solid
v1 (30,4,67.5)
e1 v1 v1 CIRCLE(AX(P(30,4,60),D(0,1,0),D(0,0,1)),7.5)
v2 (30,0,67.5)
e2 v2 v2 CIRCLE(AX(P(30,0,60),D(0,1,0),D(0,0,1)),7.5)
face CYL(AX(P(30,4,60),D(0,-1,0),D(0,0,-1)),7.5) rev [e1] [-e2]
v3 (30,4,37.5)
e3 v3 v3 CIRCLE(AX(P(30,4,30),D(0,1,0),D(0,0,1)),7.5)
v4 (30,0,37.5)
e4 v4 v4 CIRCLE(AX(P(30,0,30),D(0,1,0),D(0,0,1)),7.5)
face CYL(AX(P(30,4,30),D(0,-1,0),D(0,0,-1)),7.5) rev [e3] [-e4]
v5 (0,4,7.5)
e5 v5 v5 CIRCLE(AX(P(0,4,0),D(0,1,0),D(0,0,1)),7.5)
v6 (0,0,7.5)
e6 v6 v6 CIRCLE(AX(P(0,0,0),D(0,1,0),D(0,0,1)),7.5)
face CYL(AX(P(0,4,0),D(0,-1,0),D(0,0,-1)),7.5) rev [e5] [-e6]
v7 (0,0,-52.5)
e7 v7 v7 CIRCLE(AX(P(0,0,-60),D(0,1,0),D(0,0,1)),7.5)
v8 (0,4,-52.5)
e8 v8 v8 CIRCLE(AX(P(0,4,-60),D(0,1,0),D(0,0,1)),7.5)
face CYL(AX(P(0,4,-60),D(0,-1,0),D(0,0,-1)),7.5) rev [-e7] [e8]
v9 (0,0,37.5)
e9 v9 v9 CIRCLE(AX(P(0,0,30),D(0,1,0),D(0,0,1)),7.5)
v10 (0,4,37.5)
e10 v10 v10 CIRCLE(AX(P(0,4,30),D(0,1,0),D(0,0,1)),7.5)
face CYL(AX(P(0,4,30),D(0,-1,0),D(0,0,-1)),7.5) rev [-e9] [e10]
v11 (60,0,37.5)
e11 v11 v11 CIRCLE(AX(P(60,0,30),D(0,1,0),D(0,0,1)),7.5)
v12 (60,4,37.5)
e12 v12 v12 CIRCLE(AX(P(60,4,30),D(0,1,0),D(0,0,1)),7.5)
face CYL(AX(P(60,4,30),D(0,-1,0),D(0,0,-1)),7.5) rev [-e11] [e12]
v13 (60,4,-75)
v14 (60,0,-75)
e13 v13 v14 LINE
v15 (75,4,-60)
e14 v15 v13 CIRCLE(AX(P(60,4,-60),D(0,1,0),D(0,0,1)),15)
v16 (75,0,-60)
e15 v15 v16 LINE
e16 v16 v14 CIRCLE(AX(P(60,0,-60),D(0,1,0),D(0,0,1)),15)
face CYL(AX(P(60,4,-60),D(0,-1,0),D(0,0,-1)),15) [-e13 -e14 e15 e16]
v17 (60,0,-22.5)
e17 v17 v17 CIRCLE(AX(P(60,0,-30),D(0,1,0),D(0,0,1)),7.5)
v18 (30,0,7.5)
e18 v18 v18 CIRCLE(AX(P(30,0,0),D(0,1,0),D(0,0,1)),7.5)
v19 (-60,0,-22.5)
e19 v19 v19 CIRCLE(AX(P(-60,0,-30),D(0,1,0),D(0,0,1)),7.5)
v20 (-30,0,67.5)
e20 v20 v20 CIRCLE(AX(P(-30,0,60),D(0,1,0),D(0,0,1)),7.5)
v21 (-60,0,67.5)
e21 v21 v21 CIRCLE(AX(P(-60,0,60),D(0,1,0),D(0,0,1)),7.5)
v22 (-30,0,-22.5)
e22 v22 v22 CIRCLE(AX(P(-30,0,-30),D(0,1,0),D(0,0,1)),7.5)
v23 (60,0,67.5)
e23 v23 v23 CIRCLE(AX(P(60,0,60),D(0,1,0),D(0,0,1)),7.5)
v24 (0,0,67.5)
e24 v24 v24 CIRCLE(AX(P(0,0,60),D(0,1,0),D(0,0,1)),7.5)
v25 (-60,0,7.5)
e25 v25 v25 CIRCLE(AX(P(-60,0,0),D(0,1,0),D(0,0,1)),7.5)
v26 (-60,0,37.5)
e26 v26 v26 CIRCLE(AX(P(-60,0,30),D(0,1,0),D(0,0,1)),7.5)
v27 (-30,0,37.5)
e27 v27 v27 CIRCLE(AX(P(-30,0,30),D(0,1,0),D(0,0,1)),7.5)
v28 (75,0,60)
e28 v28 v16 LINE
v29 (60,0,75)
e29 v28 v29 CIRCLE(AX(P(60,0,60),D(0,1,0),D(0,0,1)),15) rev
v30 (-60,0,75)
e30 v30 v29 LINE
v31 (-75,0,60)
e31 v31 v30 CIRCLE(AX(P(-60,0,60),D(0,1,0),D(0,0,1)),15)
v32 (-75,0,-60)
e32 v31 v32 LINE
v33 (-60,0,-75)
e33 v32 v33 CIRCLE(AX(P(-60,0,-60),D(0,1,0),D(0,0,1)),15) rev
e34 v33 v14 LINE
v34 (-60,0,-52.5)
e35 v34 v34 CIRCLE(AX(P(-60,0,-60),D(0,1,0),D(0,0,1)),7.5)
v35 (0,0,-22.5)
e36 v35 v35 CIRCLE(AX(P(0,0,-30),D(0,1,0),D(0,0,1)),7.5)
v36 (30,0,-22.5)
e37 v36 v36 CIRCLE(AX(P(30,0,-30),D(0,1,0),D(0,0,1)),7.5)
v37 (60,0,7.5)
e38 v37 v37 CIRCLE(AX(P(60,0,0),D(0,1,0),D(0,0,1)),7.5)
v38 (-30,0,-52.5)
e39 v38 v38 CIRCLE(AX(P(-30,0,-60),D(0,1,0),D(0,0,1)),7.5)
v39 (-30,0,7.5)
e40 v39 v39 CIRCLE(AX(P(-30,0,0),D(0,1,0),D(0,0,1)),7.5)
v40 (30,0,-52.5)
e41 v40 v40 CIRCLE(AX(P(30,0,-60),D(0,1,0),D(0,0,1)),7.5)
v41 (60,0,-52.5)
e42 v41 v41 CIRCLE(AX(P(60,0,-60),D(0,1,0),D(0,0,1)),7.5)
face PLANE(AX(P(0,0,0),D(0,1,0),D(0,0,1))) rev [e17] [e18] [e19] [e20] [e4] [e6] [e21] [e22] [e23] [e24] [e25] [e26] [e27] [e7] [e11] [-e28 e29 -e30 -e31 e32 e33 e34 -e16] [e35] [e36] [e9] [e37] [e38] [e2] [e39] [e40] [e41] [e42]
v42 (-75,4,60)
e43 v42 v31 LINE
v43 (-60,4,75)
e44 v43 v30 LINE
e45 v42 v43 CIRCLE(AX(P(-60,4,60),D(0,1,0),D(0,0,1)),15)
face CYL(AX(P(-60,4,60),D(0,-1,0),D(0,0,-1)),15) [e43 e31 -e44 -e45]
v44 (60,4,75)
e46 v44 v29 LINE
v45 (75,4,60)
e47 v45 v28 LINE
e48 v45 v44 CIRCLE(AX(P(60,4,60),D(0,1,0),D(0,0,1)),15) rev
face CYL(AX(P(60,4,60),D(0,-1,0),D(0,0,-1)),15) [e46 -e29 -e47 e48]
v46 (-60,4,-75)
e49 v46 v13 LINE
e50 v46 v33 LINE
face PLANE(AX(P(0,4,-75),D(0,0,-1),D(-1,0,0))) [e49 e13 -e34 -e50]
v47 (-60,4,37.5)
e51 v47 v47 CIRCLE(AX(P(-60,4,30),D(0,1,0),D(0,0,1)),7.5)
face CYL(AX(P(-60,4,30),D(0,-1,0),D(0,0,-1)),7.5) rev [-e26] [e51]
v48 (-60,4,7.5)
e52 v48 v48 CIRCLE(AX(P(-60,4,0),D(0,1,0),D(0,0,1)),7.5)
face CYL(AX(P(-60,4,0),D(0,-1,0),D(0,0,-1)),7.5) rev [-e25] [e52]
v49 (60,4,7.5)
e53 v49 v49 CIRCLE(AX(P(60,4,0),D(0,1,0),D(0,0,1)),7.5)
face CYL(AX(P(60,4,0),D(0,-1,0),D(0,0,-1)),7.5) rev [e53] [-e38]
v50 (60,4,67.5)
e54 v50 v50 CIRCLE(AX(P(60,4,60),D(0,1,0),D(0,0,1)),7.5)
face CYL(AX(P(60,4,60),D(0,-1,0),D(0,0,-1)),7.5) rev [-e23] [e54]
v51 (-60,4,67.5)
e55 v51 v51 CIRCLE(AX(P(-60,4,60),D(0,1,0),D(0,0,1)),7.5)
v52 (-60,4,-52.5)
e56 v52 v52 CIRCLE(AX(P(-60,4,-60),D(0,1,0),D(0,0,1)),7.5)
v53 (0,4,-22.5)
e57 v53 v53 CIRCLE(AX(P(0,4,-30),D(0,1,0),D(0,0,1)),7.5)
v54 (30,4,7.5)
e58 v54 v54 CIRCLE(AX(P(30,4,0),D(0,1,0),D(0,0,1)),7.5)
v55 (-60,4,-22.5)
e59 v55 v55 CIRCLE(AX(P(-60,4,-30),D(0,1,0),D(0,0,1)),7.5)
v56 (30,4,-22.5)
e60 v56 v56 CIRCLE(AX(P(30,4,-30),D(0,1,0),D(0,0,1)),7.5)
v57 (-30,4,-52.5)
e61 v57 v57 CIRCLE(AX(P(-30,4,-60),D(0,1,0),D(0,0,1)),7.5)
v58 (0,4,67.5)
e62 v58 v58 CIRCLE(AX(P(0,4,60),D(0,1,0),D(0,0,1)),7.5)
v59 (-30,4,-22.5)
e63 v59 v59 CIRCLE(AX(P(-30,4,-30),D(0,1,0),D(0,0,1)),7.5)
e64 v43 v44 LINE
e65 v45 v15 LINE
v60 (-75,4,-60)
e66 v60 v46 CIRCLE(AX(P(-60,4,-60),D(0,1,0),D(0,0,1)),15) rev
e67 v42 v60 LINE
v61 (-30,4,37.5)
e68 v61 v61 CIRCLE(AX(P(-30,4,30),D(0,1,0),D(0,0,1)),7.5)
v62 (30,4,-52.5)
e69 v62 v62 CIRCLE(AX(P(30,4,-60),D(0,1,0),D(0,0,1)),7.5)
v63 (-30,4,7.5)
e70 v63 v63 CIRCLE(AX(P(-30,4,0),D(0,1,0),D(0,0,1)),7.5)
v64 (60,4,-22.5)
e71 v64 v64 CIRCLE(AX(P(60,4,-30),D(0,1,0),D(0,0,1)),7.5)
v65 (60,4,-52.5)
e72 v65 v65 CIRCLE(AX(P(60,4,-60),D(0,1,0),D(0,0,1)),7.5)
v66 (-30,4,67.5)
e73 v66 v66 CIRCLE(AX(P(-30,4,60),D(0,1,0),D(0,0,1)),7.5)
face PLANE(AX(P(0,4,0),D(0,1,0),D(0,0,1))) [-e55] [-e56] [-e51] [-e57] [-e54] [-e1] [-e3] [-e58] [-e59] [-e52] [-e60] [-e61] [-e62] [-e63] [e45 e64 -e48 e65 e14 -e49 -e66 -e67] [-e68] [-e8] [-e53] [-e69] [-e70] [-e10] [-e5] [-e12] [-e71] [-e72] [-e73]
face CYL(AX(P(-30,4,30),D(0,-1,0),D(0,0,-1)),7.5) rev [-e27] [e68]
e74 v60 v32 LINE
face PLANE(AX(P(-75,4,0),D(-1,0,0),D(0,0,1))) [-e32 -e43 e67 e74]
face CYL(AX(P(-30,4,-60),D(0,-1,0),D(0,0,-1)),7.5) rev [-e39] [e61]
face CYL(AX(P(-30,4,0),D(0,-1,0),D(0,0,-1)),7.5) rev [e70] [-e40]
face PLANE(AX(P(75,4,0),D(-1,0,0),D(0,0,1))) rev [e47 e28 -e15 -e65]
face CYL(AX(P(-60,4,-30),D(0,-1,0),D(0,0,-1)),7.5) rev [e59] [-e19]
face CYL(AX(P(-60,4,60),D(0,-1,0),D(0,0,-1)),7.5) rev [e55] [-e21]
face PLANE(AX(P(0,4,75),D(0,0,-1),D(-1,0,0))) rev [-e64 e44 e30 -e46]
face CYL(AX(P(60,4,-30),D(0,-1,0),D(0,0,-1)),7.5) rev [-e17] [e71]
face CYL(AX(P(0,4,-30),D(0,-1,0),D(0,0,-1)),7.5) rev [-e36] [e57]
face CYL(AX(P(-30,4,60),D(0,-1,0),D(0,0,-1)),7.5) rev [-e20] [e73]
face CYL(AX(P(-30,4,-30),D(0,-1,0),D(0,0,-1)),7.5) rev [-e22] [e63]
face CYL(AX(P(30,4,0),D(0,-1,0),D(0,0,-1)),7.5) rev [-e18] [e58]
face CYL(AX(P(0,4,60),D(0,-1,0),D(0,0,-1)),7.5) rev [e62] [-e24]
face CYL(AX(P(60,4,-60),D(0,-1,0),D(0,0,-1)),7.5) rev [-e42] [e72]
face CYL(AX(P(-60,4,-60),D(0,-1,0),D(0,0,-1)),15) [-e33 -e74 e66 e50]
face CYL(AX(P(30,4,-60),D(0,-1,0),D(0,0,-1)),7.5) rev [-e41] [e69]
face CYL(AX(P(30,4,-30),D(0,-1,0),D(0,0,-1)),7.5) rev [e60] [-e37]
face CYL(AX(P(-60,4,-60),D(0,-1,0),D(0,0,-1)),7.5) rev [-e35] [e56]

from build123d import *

# Parameters (mm, degrees)
SKETCH1_R           = 7.5
BOSS_EXTRUDE1_DEPTH = 4


with BuildPart() as part:
    # Sketch1 → Boss-Extrude1 (new body)
    with BuildSketch(Plane(origin=(0, 0, 0), x_dir=(1, 0, 0), z_dir=(0, 1, 0))):
        with BuildLine():
            ThreePointArc((-75, -60), (-70.606601718, -70.606601718), (-60, -75))
            Line((-60, -75), (60, -75))
            ThreePointArc((60, -75), (70.606601718, -70.606601718), (75, -60))
            Line((75, -60), (75, 60))
            ThreePointArc((75, 60), (70.606601718, 70.606601718), (60, 75))
            Line((60, 75), (-60, 75))
            ThreePointArc((-60, 75), (-70.606601718, 70.606601718), (-75, 60))
            Line((-75, 60), (-75, -60))
        make_face()
        with Locations(Location((-60, -60, 0), (0, 0, 270))):
            Circle(SKETCH1_R, mode=Mode.SUBTRACT)
        with Locations(Location((-30, -60, 0), (0, 0, 270))):
            Circle(SKETCH1_R, mode=Mode.SUBTRACT)
        with Locations(Location((-60, -30, 0), (0, 0, 270))):
            Circle(SKETCH1_R, mode=Mode.SUBTRACT)
        with Locations(Location((-30, -30, 0), (0, 0, 270))):
            Circle(SKETCH1_R, mode=Mode.SUBTRACT)
        with Locations(Location((0, -30, 0), (0, 0, 270))):
            Circle(SKETCH1_R, mode=Mode.SUBTRACT)
        with Locations(Location((0, -60, 0), (0, 0, 270))):
            Circle(SKETCH1_R, mode=Mode.SUBTRACT)
        with Locations(Location((30, -60, 0), (0, 0, 270))):
            Circle(SKETCH1_R, mode=Mode.SUBTRACT)
        with Locations(Location((60, -60, 0), (0, 0, 270))):
            Circle(SKETCH1_R, mode=Mode.SUBTRACT)
        with Locations(Location((30, -30, 0), (0, 0, 270))):
            Circle(SKETCH1_R, mode=Mode.SUBTRACT)
        with Locations(Location((60, -30, 0), (0, 0, 270))):
            Circle(SKETCH1_R, mode=Mode.SUBTRACT)
        with Locations(Location((-60, 0, 0), (0, 0, 270))):
            Circle(SKETCH1_R, mode=Mode.SUBTRACT)
        with Locations(Location((-60, 30, 0), (0, 0, 270))):
            Circle(SKETCH1_R, mode=Mode.SUBTRACT)
        with Locations(Location((-30, 0, 0), (0, 0, 270))):
            Circle(SKETCH1_R, mode=Mode.SUBTRACT)
        with Locations(Location((0, 0, 0), (0, 0, 270))):
            Circle(SKETCH1_R, mode=Mode.SUBTRACT)
        with Locations(Location((-30, 30, 0), (0, 0, 270))):
            Circle(SKETCH1_R, mode=Mode.SUBTRACT)
        with Locations(Location((0, 30, 0), (0, 0, 270))):
            Circle(SKETCH1_R, mode=Mode.SUBTRACT)
        with Locations(Location((-60, 60, 0), (0, 0, 270))):
            Circle(SKETCH1_R, mode=Mode.SUBTRACT)
        with Locations(Location((-30, 60, 0), (0, 0, 270))):
            Circle(SKETCH1_R, mode=Mode.SUBTRACT)
        with Locations(Location((0, 60, 0), (0, 0, 270))):
            Circle(SKETCH1_R, mode=Mode.SUBTRACT)
        with Locations(Location((30, 0, 0), (0, 0, 270))):
            Circle(SKETCH1_R, mode=Mode.SUBTRACT)
        with Locations(Location((30, 30, 0), (0, 0, 270))):
            Circle(SKETCH1_R, mode=Mode.SUBTRACT)
        with Locations(Location((60, 0, 0), (0, 0, 270))):
            Circle(SKETCH1_R, mode=Mode.SUBTRACT)
        with Locations(Location((60, 30, 0), (0, 0, 270))):
            Circle(SKETCH1_R, mode=Mode.SUBTRACT)
        with Locations(Location((30, 60, 0), (0, 0, 270))):
            Circle(SKETCH1_R, mode=Mode.SUBTRACT)
        with Locations(Location((60, 60, 0), (0, 0, 270))):
            Circle(SKETCH1_R, mode=Mode.SUBTRACT)
    extrude(amount=BOSS_EXTRUDE1_DEPTH)


solid = part.part
